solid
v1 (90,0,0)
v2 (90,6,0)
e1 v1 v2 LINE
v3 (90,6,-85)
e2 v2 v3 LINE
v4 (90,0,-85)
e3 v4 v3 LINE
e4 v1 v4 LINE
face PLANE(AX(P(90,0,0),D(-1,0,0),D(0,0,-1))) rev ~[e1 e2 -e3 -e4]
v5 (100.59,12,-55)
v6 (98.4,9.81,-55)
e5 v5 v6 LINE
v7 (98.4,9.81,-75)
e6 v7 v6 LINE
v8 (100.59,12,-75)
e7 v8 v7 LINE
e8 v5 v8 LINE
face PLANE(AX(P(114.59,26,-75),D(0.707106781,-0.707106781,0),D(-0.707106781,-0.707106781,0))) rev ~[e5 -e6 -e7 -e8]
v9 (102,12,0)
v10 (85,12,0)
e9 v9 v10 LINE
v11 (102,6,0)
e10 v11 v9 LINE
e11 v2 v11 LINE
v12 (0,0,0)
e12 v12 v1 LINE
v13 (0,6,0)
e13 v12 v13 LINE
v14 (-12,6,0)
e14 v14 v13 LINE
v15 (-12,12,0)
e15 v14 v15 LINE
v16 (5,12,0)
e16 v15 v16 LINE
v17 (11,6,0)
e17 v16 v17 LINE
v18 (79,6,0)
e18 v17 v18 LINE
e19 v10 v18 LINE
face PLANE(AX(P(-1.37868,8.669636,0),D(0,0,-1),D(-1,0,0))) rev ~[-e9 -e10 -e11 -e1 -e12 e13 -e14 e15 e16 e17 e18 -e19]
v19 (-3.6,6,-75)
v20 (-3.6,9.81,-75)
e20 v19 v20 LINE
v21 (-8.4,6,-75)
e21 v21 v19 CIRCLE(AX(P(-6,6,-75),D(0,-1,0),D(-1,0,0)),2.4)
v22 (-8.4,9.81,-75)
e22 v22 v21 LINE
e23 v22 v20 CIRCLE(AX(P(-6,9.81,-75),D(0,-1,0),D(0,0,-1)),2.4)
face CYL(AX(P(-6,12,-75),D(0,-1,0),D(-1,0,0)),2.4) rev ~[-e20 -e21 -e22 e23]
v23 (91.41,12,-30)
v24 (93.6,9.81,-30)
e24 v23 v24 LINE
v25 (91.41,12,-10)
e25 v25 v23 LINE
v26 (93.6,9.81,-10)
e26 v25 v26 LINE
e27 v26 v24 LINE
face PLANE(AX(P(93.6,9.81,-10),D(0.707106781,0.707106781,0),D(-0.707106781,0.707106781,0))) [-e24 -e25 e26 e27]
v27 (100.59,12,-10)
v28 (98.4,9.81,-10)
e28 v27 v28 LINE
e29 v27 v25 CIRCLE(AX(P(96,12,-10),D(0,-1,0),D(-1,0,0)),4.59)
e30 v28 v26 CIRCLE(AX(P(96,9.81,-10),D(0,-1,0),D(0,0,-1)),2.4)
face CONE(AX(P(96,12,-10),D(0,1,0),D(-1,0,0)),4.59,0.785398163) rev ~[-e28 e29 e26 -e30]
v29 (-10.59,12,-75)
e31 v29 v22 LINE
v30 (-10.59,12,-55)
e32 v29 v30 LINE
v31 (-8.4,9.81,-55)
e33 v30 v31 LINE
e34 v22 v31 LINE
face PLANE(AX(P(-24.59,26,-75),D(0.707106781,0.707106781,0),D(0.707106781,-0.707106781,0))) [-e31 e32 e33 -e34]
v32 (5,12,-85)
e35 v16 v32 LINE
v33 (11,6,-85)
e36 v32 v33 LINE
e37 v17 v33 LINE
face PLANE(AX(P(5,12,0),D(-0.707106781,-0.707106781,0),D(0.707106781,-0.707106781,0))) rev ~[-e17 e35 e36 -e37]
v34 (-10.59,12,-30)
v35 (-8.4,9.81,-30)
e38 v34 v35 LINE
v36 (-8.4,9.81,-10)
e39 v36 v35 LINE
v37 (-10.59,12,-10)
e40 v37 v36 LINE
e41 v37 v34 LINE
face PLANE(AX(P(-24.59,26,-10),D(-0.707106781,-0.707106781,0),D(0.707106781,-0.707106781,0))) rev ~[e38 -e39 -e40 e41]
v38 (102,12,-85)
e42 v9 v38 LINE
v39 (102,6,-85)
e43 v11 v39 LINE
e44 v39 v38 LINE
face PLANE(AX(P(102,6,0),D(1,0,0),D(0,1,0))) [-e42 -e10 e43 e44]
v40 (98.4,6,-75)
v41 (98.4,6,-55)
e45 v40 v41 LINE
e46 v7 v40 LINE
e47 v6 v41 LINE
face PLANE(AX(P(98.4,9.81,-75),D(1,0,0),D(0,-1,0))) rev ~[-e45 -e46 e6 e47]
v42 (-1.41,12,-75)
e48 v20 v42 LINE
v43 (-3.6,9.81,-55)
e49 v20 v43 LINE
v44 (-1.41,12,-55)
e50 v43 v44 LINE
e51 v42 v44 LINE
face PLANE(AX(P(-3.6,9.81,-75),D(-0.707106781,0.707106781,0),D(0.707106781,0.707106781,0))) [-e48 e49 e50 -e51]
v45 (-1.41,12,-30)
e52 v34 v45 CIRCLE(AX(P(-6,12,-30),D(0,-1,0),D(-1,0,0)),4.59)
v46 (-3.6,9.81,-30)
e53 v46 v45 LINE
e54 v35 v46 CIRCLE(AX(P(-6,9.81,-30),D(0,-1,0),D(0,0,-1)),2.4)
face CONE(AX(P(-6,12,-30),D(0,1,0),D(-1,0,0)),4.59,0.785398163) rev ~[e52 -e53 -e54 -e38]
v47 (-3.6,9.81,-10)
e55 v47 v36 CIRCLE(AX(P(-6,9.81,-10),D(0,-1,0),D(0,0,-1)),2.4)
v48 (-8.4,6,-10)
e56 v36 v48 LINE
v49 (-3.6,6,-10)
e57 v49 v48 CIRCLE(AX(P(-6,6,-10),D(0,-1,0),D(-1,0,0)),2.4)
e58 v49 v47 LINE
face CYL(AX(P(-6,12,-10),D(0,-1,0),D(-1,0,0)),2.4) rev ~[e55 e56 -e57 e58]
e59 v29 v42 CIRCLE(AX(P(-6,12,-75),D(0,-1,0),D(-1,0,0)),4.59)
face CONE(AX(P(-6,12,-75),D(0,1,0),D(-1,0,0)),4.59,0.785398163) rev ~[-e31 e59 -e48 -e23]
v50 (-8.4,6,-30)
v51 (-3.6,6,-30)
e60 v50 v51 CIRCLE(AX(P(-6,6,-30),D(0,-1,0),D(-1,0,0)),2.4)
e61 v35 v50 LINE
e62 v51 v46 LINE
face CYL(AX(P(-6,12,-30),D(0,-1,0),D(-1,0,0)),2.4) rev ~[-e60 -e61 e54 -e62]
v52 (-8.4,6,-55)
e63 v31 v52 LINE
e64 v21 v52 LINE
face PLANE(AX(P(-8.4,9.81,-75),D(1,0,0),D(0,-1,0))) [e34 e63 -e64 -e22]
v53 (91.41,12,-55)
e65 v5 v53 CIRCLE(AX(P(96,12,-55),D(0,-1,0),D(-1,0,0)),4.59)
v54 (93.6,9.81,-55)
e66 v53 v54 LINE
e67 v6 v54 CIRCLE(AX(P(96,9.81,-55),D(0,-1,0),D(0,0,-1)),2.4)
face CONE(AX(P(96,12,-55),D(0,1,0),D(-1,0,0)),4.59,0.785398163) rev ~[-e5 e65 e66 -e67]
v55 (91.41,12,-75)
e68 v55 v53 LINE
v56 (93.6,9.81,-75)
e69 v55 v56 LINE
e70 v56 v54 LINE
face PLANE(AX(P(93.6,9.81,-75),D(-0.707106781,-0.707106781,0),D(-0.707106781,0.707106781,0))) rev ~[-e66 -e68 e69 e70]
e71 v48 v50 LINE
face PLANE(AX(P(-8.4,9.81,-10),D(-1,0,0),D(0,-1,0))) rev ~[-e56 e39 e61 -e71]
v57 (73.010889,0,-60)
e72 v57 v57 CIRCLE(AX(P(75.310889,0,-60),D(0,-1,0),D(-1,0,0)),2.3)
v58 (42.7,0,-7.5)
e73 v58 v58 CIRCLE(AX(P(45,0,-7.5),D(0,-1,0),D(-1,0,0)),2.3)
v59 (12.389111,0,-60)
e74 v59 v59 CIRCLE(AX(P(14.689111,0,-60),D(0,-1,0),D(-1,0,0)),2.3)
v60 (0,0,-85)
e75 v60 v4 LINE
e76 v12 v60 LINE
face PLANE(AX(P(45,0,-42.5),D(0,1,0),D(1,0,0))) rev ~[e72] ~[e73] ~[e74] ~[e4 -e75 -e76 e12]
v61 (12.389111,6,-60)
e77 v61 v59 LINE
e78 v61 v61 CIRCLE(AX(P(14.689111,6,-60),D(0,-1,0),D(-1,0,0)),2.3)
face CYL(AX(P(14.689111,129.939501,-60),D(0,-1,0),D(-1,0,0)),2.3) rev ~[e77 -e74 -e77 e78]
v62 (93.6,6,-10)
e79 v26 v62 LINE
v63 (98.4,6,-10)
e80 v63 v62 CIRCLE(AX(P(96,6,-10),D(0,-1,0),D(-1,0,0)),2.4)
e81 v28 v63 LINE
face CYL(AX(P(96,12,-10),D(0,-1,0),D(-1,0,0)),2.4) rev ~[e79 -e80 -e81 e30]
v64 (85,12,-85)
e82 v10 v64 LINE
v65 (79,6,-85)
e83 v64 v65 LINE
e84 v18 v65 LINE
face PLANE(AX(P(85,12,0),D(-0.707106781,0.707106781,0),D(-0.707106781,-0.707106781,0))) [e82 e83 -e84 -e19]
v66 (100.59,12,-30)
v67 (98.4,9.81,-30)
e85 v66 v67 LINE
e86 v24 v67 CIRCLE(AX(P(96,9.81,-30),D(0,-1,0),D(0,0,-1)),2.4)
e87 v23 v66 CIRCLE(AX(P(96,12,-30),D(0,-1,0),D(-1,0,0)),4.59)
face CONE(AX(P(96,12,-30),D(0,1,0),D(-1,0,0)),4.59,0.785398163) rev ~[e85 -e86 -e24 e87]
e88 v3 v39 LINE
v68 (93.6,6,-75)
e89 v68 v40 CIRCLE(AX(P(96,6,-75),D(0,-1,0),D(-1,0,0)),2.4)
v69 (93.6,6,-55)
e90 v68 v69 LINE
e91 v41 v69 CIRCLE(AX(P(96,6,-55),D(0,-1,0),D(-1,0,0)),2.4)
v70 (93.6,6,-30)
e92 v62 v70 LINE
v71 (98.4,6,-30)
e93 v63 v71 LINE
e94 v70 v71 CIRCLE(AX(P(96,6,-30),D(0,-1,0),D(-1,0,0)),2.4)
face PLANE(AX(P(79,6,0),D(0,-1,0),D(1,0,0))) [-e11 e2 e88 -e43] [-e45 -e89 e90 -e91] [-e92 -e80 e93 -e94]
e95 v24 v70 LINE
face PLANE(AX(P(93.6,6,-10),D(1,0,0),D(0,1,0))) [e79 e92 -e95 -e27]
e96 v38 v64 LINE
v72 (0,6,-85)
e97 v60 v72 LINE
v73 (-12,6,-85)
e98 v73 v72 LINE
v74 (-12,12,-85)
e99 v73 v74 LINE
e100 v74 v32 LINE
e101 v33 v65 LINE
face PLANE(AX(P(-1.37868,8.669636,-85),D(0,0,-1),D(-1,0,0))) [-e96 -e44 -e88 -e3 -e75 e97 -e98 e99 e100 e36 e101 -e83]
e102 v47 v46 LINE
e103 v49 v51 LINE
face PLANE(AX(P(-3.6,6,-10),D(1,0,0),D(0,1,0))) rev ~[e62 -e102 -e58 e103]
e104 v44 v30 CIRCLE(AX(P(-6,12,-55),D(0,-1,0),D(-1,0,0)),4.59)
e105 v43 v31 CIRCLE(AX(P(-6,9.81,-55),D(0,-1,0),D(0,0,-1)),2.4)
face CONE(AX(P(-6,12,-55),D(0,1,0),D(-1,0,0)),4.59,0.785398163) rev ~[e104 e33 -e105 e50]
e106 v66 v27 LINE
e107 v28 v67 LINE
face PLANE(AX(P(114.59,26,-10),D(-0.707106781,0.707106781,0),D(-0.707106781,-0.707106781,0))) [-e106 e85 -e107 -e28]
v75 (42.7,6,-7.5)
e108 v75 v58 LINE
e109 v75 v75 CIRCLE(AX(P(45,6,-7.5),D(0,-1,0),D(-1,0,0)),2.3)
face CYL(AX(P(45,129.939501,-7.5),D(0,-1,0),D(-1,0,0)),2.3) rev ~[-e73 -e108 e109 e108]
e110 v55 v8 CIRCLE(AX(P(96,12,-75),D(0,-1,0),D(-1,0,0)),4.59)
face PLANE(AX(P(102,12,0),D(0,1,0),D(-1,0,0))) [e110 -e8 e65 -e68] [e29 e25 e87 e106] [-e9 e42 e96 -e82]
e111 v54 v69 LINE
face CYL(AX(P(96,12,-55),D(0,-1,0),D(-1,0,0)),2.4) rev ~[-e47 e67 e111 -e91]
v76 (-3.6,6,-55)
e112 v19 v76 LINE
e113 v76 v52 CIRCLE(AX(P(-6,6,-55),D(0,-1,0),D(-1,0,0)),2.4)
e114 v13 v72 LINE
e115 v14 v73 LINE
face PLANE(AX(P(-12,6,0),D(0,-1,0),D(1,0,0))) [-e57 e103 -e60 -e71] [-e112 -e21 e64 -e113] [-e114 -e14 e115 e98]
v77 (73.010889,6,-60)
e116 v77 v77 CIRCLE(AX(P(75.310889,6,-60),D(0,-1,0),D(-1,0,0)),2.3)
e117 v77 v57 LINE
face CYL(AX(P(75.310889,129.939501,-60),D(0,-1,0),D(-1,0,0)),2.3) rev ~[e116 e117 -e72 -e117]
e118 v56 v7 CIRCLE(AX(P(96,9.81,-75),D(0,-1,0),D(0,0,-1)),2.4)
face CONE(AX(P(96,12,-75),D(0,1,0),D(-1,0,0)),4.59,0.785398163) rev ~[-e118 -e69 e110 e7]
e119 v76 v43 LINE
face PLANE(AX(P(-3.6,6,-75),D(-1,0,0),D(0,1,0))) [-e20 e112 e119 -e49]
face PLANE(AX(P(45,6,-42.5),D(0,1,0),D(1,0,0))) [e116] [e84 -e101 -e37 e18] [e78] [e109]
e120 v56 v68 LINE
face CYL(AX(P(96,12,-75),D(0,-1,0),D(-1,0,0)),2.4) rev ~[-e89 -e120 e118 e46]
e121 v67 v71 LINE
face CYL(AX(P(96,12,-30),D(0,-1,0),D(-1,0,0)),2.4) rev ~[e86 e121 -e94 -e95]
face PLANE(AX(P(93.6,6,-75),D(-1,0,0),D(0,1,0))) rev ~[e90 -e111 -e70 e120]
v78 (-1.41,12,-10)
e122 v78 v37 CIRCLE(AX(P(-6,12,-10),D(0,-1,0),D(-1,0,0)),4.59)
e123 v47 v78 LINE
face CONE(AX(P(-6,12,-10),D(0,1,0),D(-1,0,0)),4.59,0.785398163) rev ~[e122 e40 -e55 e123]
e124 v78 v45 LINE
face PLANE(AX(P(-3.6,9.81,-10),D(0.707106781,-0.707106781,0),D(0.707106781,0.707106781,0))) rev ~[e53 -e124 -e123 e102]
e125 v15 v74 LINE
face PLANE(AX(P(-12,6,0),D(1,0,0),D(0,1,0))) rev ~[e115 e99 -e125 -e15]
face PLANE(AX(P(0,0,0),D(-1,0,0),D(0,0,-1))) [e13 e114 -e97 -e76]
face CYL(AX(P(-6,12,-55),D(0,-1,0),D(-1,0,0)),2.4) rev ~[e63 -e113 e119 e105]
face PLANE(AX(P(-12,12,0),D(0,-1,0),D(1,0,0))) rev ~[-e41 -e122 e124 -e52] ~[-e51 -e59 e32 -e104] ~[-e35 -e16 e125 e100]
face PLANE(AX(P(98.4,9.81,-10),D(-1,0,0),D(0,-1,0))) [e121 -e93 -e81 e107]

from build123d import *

# Parameters (mm, degrees)
SKETCH1_W                                            = 90
SKETCH1_H                                            = 85
BOSS_EXTRUDE1_DEPTH                                  = 6
F_4_6_4_6_DIAMETER_HOLE1_D                           = 4.6
BOSS_EXTRUDE2_DEPTH                                  = 85
CSK_FOR_M4_HEX_SOCKET_COUNTERSUNK_HEAD_S_D           = 4.8
CSK_FOR_M4_HEX_SOCKET_COUNTERSUNK_HEAD_S_CSINK_D     = 9.18
CSK_FOR_M4_HEX_SOCKET_COUNTERSUNK_HEAD_S_CSINK_ANGLE = 90
CUT_EXTRUDE1_DEPTH                                   = 20
CUT_EXTRUDE2_START                                   = -65
CUT_EXTRUDE2_DEPTH                                   = 20


with BuildPart() as part:
    # Sketch1 → Boss-Extrude1 (new body)
    with BuildSketch(Plane(origin=(0, 0, 0), x_dir=(1, 0, 0), z_dir=(0, 1, 0))):
        with Locations((45, 42.5)):
            Rectangle(SKETCH1_W, SKETCH1_H)
    extrude(amount=BOSS_EXTRUDE1_DEPTH)

    # Ø4.6 (4.6) Diameter Hole1 (through all)
    with Locations(Plane(origin=(0, 6, 0), x_dir=(1, 0, 0), z_dir=(0, 1, 0))):
        with Locations((75.310889132, 60), (45, 7.5), (14.689110868, 60)):
            Hole(F_4_6_4_6_DIAMETER_HOLE1_D / 2)

    # Sketch8 → Boss-Extrude2 (add)
    with BuildSketch(Plane.XY):
        Polygon((5, 12), (11, 6), (0, 6), (-12, 6), (-12, 12), align=None)
        Polygon((79, 6), (90, 6), (102, 6), (102, 12), (85, 12), align=None)
    extrude(amount=-BOSS_EXTRUDE2_DEPTH)

    # CSK for M4 Hex Socket Countersunk Head Screw1 (through all)
    with Locations(Plane(origin=(0, 12, 0), x_dir=(1, 0, 0), z_dir=(0, 1, 0))):
        with Locations((-6, 10), (-6, 75), (96, 75), (96, 10), (-6, 30), (-6, 55), (96, 55), (96, 30)):
            CounterSinkHole(CSK_FOR_M4_HEX_SOCKET_COUNTERSUNK_HEAD_S_D / 2, CSK_FOR_M4_HEX_SOCKET_COUNTERSUNK_HEAD_S_CSINK_D / 2, counter_sink_angle=CSK_FOR_M4_HEX_SOCKET_COUNTERSUNK_HEAD_S_CSINK_ANGLE)

    # Sketch16 → Cut-Extrude1 (cut)
    with BuildSketch(Plane(origin=(0, 0, -10), x_dir=(0, 1, 0), z_dir=(0, 0, 1))):
        Polygon((6, 8.4), (6, 3.6), (9.81, 3.6), (12, 1.41), (26, 24.59), (9.81, 8.4), align=None)
        Polygon((12, -91.41), (26, -114.59), (9.81, -98.4), (6, -98.4), (6, -93.6), (9.81, -93.6), align=None)
    extrude(amount=-CUT_EXTRUDE1_DEPTH, mode=Mode.SUBTRACT)

    # Sketch16<4> → Cut-Extrude2 (cut)
    with BuildSketch(Plane(origin=(0, 0, -10), x_dir=(0, 1, 0), z_dir=(0, 0, 1)).offset(CUT_EXTRUDE2_START)):
        Polygon((6, 8.4), (6, 3.6), (9.81, 3.6), (12, 1.41), (26, 24.59), (9.81, 8.4), align=None)
        Polygon((26, -114.59), (9.81, -98.4), (6, -98.4), (6, -93.6), (9.81, -93.6), (12, -91.41), align=None)
    extrude(amount=CUT_EXTRUDE2_DEPTH, mode=Mode.SUBTRACT)


solid = part.part
